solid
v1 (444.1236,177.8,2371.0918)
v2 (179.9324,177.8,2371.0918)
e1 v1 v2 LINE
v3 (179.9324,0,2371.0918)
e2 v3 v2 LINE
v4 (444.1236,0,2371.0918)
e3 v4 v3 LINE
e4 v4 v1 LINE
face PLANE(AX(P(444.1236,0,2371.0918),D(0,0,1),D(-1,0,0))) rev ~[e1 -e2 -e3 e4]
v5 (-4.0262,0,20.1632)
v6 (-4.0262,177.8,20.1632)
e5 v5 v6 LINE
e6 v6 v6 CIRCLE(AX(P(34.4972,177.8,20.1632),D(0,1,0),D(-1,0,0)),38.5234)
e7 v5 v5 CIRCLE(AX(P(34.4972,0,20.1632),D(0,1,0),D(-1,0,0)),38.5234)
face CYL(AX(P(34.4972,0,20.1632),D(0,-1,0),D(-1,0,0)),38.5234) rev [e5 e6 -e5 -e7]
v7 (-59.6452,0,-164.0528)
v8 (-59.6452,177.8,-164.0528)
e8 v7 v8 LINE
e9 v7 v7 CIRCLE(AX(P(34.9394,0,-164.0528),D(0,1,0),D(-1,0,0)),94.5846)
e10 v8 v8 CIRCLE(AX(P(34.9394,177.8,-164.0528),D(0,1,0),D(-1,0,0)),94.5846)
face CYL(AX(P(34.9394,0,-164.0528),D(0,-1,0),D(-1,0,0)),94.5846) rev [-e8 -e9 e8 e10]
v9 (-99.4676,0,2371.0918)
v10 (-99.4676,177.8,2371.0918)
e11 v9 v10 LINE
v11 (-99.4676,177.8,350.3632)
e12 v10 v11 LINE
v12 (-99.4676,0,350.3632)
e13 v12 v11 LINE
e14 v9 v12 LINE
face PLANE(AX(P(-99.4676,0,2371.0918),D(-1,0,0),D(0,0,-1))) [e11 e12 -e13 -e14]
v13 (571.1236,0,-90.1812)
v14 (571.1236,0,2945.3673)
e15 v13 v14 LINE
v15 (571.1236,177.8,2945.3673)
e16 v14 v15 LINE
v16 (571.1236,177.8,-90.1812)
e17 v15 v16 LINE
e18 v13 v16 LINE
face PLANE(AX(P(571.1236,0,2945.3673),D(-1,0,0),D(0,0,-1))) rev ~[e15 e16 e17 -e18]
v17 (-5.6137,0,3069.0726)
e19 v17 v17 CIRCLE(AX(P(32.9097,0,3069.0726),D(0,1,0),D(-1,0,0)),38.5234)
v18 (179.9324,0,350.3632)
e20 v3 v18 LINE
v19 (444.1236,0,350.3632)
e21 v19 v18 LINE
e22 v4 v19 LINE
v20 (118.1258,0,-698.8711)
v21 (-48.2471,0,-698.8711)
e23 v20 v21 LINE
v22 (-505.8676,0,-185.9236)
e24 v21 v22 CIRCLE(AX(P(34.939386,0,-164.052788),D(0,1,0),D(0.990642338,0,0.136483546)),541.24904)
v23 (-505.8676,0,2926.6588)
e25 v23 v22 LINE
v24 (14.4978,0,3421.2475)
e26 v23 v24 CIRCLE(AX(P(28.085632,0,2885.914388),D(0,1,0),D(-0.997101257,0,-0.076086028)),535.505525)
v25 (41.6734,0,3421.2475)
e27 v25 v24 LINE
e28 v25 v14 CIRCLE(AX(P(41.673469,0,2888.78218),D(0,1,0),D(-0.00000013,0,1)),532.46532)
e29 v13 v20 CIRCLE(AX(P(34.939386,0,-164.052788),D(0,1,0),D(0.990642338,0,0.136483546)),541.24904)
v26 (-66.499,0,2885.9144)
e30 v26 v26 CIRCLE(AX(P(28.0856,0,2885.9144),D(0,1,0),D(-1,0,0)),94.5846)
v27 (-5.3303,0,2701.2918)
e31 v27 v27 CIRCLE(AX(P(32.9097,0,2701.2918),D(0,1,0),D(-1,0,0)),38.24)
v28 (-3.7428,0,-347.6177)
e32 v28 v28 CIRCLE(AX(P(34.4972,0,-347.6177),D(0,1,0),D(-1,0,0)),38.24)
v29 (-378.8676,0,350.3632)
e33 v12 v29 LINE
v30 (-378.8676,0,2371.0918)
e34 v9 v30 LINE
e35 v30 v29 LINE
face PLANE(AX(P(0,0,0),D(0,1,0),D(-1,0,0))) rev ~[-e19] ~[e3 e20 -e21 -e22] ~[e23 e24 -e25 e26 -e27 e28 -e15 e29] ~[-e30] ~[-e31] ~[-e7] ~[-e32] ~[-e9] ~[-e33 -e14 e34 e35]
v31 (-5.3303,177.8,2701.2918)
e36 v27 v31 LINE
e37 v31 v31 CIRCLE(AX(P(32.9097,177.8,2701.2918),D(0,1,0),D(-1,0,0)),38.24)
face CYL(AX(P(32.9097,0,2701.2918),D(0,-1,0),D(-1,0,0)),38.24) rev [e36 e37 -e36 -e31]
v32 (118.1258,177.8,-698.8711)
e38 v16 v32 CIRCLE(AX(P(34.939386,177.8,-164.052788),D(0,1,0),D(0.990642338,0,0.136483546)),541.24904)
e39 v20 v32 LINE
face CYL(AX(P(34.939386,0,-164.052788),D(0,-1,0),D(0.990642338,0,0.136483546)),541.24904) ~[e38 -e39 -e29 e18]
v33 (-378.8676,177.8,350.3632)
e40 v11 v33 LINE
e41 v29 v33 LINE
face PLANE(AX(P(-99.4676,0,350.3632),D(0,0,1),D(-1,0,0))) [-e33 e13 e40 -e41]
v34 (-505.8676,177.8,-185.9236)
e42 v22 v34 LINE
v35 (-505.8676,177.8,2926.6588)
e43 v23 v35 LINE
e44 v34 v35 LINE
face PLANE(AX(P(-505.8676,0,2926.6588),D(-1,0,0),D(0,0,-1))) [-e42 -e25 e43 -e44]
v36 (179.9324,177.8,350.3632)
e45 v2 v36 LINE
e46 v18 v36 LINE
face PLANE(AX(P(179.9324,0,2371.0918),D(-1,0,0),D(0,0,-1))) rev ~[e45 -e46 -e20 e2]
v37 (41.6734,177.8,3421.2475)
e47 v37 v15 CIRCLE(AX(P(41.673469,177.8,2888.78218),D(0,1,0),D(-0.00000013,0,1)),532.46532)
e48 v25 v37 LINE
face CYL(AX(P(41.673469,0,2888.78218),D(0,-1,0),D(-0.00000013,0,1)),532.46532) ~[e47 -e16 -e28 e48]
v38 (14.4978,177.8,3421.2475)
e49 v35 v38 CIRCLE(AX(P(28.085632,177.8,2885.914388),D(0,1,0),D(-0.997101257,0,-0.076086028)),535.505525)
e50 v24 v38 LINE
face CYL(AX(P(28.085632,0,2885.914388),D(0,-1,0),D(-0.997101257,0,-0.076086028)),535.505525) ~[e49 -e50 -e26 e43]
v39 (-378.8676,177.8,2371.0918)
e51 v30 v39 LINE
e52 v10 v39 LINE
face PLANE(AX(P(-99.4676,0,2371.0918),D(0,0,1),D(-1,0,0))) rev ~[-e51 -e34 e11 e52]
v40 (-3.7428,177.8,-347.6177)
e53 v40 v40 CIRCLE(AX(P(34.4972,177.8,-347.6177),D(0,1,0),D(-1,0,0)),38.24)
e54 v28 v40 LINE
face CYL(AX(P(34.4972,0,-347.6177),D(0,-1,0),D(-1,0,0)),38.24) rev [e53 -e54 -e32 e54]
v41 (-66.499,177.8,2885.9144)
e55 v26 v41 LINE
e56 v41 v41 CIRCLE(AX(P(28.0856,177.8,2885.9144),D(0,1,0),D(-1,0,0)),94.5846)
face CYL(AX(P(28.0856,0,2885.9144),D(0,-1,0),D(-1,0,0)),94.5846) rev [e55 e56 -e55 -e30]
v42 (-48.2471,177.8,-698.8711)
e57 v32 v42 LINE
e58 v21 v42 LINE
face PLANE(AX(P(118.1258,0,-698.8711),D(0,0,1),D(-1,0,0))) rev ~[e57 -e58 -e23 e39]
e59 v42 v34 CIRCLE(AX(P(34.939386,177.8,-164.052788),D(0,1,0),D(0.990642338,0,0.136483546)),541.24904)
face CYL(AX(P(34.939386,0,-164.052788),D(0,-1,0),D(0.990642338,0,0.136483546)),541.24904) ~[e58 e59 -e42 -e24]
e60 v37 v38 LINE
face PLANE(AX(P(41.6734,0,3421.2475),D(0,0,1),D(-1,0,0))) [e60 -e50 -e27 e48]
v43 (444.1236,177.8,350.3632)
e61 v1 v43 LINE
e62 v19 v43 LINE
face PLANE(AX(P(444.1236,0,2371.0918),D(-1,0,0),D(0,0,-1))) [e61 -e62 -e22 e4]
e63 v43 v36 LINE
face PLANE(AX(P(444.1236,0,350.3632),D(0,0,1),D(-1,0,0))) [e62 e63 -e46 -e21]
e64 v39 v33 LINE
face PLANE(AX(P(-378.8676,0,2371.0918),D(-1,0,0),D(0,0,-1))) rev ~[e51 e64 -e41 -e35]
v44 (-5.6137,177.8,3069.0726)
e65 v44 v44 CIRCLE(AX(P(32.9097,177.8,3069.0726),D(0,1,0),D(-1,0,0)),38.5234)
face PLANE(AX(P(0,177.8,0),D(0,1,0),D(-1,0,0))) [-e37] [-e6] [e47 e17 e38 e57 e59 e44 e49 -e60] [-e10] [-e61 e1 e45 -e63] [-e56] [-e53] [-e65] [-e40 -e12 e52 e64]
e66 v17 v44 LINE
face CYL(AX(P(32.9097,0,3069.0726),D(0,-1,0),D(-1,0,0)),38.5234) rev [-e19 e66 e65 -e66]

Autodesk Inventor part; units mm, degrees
ref_plane "YZ Plane" through (0, 0, 0) normal (1, 0, 0) x (0, 1, 0)
ref_plane "XZ Plane" through (0, 0, 0) normal (0, 1, 0) x (-1, 0, 0)
ref_plane "XY Plane" through (0, 0, 0) normal (0, 0, 1) x (1, 0, 0)
sketch "Sketch1" plane through (0, 0, 0) normal (0, 1, 0) x (-1, 0, 0)
  circle A0 centre (-34.9394, -164.0528) radius 94.5846
  circle A1 centre (-34.4972, 20.1632) radius 38.5234
  circle A2 centre (-34.4972, -347.6177) radius 38.24
  line L0 (-41.6734, 3421.2475) -> (-14.4978, 3421.2475)
  line L1 (-118.1258, -698.8711) -> (48.2471, -698.8711)
  line L2 (-571.1236, 2945.3673) -> (-571.1236, -90.1812)
  line L3 (505.8676, 2926.6588) -> (505.8676, -185.9236)
  circle A3 centre (-28.0856, 2885.9144) radius 94.5846
  circle A4 centre (-32.9097, 3069.0726) radius 38.5234
  circle A5 centre (-32.9097, 2701.2918) radius 38.24
  arc A6 (505.8676, 2845.1699) -> (-41.6734, 3421.2475) centre (-28.0856, 2885.9144) ccw
  arc A7 (-571.1236, -90.1812) -> (505.8676, -142.1821) centre (-34.9394, -164.0528) ccw
  arc A8 (-41.6734, 3421.2475) -> (-571.1236, 2945.3673) centre (-41.6734, 2888.782) ccw
  line L4 (-571.1236, 2371.0918) -> (505.8676, 2371.0918)
  line L5 (-571.1236, 350.3632) -> (505.8676, 350.3632)
  line L6 (-444.1236, 2371.0918) -> (-444.1236, 350.3632)
  line L7 (99.4676, 2371.0918) -> (99.4676, 350.3632)
  line L8 (378.8676, 2371.0918) -> (378.8676, 350.3632)
  line L9 (-32.628, 2371.0918) -> (-32.628, 2350.4281)
  line L10 (-32.628, 377.1913) -> (-32.628, 350.3632)
  line L11 (-179.9324, 2371.0918) -> (-179.9324, 350.3632)
  point P0 (0, 0)
  point P1 (-40.1425, -163.2624)
  dimension "d0" = 535.5055
  dimension "d1" = 189.1691
  dimension "d2" = 76.48
  dimension "d3" = 77.0468
  dimension "d4" = 541.2491
  dimension "d5" = 532.4654
  dimension "d6" = 1076.9912
  dimension "d7" = 505.8676
  dimension "d8" = 457.6205
  dimension "d9" = 520.3654
  dimension "d10" = 533.9532
  dimension "d11" = 538.7773
  dimension "d12" = 538.7773
  dimension "d13" = 540.3648
  dimension "d14" = 540.3648
  dimension "d15" = 540.807
  dimension "d16" = 700.5345
  dimension "d17" = 39.9576
  dimension "d18" = 349.3252
  dimension "d19" = 2970.0562
  dimension "d20" = 3069.2491
  dimension "d21" = 2701.4922
  dimension "d22" = 546.0101
  dimension "d23" = 535.6087
  dimension "d24" = 330.2
  dimension "d25" = 330.2
  dimension "d26" = 127
  dimension "d27" = 279.4
  dimension "d28" = 127
  dimension "d29" = 279.4
extrude "Extrusion1" add sketch "Sketch1" along normal blind 177.8 contours L0 A6 L3 L4 L2 A8 | L4 L6 L5 L2 | L5 L3 A7 L1 L2 | L3 L5 L8 L4 | L4 L7 L5 L11
equation "\"BendRadius\" = Thickness"
equation "\"BendReliefWidth\" = Thickness"
equation "\"BendReliefDepth\" = 0.5 * Thickness"
equation "\"CornerReliefSize\" = 4 * Thickness"
equation "\"MinimumRemnant\" = 2 * Thickness"
equation "\"TransitionRadius\" = BendRadius"
equation "\"JacobiRadiusSize\" = BendRadius"
equation "\"GapSize\" = Thickness"
equation "\"Thickness\" = 3.048"
properties part number "new arm"
